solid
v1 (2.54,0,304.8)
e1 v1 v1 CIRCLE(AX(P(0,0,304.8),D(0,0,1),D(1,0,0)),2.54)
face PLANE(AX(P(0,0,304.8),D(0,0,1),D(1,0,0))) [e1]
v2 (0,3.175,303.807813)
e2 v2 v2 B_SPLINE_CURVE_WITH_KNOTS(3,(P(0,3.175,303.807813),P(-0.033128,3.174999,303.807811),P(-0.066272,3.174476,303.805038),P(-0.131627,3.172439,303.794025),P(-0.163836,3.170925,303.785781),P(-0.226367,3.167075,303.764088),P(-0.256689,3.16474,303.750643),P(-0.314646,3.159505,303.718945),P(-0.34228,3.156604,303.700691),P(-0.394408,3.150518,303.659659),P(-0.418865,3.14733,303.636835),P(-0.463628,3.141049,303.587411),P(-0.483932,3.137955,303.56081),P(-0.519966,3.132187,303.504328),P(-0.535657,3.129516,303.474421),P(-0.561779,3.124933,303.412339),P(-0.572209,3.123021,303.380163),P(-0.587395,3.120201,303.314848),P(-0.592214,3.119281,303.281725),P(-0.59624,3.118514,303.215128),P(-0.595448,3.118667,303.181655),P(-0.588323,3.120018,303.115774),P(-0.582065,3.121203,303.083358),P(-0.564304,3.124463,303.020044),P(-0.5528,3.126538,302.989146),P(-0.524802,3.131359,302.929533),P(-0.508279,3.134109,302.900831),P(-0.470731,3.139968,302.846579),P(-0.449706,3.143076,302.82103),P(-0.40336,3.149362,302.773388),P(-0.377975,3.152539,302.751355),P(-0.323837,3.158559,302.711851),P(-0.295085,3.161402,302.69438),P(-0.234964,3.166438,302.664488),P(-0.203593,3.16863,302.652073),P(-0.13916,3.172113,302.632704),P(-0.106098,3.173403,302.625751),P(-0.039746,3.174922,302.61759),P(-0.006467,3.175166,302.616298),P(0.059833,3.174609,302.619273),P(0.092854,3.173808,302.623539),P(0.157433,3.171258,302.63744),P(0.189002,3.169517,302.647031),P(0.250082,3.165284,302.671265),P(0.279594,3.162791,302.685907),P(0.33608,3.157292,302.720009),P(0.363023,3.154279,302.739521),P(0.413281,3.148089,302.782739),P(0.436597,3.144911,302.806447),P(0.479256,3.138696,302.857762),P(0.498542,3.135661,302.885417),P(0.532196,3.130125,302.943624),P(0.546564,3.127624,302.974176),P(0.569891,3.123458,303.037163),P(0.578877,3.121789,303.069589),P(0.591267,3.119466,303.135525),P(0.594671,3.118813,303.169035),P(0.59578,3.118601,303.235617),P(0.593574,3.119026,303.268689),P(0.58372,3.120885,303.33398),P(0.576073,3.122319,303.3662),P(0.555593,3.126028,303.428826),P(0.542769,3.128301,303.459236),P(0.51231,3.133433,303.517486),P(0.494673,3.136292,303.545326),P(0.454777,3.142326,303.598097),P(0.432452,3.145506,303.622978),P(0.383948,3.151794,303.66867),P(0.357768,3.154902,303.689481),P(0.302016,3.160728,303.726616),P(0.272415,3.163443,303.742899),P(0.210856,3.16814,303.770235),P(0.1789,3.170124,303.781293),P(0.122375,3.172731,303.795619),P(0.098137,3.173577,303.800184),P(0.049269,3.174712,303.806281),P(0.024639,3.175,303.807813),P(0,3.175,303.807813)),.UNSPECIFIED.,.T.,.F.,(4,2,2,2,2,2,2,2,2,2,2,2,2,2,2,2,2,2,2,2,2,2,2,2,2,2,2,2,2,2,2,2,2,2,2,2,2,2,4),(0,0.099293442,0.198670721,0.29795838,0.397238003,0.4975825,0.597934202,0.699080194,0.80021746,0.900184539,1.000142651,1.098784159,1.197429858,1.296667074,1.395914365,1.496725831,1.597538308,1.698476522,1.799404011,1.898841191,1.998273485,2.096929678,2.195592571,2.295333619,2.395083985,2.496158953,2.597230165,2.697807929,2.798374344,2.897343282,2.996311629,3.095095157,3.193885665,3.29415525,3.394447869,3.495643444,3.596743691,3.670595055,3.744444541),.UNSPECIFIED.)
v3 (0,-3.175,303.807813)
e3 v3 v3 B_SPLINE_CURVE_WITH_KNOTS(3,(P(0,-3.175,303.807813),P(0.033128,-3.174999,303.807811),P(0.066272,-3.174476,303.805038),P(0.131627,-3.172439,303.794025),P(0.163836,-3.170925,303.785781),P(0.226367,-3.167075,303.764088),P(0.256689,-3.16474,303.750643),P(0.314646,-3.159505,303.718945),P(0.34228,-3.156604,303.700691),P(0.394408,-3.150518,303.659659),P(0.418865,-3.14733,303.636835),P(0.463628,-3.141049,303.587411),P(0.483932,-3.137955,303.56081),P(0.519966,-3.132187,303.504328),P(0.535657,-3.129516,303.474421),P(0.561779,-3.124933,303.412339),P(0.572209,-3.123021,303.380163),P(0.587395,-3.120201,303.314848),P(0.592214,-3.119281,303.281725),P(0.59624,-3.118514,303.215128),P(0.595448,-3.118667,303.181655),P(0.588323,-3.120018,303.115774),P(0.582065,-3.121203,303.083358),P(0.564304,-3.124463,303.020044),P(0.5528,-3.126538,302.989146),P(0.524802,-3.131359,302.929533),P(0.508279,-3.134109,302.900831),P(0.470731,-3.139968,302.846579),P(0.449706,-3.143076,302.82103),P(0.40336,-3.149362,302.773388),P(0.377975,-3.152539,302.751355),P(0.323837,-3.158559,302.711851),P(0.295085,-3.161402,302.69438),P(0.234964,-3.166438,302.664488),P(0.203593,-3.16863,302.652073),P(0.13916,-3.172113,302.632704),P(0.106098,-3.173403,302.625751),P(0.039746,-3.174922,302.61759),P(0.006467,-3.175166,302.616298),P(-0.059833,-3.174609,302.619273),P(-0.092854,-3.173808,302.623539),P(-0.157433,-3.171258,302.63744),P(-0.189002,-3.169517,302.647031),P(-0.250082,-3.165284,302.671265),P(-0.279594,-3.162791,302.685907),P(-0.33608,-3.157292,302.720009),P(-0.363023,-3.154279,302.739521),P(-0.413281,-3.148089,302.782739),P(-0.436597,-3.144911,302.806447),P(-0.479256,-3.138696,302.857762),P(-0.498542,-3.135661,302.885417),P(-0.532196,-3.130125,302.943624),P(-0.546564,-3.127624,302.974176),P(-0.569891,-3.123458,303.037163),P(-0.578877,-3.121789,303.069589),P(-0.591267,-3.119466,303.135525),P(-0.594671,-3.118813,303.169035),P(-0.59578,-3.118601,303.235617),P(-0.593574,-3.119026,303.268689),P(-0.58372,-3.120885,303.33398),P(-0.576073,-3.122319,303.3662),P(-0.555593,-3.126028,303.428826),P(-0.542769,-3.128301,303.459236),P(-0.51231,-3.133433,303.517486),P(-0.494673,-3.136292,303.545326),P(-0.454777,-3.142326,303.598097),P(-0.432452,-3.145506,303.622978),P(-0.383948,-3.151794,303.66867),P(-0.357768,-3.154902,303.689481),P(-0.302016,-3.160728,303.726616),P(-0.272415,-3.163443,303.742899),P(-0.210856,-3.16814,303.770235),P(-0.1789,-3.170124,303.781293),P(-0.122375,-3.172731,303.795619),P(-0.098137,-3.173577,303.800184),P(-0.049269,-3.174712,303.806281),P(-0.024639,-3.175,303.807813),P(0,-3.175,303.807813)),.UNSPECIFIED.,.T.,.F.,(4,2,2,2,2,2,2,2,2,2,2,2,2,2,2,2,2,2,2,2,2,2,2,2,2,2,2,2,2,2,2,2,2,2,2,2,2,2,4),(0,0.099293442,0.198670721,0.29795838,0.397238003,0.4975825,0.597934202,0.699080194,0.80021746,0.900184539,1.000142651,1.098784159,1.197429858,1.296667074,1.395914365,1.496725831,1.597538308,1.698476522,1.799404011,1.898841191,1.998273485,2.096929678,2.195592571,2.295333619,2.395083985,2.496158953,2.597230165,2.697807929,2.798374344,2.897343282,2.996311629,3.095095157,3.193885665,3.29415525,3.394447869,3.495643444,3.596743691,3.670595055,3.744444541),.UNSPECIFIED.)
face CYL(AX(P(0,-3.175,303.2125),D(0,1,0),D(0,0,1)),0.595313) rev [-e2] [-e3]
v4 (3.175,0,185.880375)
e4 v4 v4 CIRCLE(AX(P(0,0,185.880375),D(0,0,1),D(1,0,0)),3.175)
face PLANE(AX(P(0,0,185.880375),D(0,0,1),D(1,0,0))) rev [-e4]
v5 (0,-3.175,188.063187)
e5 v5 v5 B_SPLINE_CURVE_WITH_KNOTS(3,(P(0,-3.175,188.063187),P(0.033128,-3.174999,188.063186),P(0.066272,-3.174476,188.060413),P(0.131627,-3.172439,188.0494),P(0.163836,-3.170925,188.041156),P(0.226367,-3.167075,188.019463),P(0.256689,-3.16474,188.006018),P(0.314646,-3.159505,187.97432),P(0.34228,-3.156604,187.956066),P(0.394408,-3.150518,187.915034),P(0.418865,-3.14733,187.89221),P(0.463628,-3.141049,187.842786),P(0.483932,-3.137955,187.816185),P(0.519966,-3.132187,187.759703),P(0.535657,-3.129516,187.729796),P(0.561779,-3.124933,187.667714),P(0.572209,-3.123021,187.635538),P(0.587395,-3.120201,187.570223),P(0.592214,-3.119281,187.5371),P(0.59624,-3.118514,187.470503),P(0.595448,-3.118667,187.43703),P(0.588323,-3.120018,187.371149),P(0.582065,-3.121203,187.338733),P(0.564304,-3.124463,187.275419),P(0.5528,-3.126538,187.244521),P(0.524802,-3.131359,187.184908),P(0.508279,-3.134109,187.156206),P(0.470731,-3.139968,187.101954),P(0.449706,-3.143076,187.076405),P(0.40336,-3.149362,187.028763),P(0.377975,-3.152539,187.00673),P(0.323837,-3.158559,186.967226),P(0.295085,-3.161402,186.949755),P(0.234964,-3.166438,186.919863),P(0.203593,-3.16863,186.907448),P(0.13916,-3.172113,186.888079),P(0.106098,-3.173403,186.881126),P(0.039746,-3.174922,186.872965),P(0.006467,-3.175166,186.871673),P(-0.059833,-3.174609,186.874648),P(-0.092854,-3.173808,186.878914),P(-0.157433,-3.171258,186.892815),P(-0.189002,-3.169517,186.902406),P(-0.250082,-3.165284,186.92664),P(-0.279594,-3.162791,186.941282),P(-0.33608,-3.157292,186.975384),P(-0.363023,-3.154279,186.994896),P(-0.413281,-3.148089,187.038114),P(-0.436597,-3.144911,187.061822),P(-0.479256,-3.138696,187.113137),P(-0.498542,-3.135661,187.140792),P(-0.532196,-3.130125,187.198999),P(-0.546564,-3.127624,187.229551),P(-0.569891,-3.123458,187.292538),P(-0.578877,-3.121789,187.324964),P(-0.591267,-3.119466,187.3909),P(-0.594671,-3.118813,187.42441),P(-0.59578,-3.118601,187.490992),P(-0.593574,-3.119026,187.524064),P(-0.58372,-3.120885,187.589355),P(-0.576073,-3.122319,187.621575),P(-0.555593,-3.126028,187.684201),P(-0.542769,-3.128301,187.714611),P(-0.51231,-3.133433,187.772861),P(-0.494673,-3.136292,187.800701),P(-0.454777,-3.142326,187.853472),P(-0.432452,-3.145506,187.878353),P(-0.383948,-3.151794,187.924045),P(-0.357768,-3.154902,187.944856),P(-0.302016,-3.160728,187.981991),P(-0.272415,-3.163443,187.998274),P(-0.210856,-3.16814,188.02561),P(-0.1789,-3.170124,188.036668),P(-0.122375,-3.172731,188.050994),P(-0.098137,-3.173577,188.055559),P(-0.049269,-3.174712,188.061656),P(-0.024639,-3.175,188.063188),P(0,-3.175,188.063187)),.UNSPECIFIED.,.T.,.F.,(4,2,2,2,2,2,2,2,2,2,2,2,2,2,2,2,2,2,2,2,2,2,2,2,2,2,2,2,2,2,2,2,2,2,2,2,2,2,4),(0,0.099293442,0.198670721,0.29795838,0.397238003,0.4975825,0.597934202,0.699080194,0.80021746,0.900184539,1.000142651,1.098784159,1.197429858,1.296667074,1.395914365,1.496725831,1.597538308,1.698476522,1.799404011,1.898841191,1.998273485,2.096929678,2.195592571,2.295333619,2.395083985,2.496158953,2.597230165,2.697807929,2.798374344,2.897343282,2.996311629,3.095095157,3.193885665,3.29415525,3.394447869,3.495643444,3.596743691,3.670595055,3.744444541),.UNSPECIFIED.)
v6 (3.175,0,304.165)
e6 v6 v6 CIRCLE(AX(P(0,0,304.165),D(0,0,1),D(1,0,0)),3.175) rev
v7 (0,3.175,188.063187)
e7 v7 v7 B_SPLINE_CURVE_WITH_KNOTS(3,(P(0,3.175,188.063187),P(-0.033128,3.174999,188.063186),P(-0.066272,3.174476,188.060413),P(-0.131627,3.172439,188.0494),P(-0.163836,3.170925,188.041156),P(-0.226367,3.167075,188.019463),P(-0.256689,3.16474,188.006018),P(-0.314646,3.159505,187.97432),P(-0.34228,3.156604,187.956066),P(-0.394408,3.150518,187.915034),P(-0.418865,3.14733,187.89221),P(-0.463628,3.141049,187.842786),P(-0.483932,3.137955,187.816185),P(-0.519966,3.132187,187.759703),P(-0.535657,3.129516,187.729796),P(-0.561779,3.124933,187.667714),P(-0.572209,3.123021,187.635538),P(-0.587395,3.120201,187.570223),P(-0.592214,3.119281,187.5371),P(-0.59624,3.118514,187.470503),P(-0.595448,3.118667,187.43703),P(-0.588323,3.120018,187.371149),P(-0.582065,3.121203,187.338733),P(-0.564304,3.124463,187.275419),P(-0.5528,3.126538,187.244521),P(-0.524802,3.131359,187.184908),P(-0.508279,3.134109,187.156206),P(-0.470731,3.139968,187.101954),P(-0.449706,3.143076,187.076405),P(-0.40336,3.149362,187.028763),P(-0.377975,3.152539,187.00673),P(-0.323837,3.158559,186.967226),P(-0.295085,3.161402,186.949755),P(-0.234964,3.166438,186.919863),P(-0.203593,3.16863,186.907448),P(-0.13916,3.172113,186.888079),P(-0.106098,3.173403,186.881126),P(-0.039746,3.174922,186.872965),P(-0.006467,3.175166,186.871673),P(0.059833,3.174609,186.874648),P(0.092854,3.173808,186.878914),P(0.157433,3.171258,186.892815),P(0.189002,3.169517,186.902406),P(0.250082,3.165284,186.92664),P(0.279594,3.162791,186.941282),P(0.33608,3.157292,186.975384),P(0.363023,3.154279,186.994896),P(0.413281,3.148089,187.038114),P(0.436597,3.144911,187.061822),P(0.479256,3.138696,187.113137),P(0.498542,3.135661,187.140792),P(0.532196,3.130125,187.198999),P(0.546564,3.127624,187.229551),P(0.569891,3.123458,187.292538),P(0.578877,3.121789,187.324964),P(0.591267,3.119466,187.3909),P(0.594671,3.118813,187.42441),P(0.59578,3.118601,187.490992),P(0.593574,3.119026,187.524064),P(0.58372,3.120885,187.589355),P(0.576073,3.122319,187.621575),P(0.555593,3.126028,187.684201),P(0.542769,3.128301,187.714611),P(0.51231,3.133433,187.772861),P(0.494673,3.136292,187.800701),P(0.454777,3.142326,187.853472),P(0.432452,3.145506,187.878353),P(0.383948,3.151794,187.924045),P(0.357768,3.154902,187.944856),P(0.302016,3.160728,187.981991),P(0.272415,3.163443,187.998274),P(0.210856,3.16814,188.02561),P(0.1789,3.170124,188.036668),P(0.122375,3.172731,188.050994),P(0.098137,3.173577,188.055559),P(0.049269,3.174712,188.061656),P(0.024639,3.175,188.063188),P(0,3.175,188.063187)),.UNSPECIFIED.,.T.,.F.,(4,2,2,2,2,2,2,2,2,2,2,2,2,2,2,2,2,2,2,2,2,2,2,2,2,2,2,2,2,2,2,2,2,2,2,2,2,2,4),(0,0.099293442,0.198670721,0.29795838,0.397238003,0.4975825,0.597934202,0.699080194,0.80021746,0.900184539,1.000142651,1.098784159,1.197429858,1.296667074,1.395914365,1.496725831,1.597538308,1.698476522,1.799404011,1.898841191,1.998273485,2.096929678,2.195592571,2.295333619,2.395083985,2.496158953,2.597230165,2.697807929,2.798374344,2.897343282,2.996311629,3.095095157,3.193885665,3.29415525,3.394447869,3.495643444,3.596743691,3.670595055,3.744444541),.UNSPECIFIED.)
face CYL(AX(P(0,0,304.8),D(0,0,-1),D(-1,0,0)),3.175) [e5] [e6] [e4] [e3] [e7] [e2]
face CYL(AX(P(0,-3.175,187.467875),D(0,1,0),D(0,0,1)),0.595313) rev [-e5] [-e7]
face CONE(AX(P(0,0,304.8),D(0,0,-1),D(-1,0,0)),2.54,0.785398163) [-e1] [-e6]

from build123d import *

# Parameters (mm, degrees)
SKETCH3_R               = 3.175
BOSS_EXTRUDE1_DEPTH     = 304.8
CHAMFER1_SIZE           = 0.635
CUT_EXTRUDE1_START      = -118.919625
SKETCH4_R               = 3.175
CUT_EXTRUDE1_DEPTH      = 491.680375
SKETCH5_R               = 0.5953125
CUT_EXTRUDE2_DEPTH      = 4.175
CUT_EXTRUDE2_DEPTH_BACK = 4.175


with BuildPart() as part:
    # Sketch3 → Boss-Extrude1 (new body, symmetric)
    with BuildSketch(Plane.XY):
        Circle(SKETCH3_R)
    extrude(amount=BOSS_EXTRUDE1_DEPTH, both=True)

    # Chamfer1
    chamfer1_edges = [part.edges().sort_by_distance(p)[0] for p in [
        (-3.175, 0, -304.8),
        (-3.175, 0, 304.8),
    ]]
    chamfer(chamfer1_edges, length=CHAMFER1_SIZE)

    # Sketch4 → Cut-Extrude1 (cut, through all)
    with BuildSketch(Plane.XY.offset(304.8).offset(CUT_EXTRUDE1_START)):
        Circle(SKETCH4_R)
    extrude(amount=-CUT_EXTRUDE1_DEPTH, mode=Mode.SUBTRACT)

    # Sketch5 → Cut-Extrude2 (cut, two sides)
    with BuildSketch(Plane(origin=(0, 0, 0), x_dir=(1, 0, 0), z_dir=(0, 1, 0))) as cut_extrude2_sk:
        with Locations((0, -187.467875)):
            Circle(SKETCH5_R)
        with Locations((0, -303.2125)):
            Circle(SKETCH5_R)
    extrude(amount=CUT_EXTRUDE2_DEPTH, mode=Mode.SUBTRACT)
    extrude(cut_extrude2_sk.sketch, amount=-CUT_EXTRUDE2_DEPTH_BACK, mode=Mode.SUBTRACT)


solid = part.part
